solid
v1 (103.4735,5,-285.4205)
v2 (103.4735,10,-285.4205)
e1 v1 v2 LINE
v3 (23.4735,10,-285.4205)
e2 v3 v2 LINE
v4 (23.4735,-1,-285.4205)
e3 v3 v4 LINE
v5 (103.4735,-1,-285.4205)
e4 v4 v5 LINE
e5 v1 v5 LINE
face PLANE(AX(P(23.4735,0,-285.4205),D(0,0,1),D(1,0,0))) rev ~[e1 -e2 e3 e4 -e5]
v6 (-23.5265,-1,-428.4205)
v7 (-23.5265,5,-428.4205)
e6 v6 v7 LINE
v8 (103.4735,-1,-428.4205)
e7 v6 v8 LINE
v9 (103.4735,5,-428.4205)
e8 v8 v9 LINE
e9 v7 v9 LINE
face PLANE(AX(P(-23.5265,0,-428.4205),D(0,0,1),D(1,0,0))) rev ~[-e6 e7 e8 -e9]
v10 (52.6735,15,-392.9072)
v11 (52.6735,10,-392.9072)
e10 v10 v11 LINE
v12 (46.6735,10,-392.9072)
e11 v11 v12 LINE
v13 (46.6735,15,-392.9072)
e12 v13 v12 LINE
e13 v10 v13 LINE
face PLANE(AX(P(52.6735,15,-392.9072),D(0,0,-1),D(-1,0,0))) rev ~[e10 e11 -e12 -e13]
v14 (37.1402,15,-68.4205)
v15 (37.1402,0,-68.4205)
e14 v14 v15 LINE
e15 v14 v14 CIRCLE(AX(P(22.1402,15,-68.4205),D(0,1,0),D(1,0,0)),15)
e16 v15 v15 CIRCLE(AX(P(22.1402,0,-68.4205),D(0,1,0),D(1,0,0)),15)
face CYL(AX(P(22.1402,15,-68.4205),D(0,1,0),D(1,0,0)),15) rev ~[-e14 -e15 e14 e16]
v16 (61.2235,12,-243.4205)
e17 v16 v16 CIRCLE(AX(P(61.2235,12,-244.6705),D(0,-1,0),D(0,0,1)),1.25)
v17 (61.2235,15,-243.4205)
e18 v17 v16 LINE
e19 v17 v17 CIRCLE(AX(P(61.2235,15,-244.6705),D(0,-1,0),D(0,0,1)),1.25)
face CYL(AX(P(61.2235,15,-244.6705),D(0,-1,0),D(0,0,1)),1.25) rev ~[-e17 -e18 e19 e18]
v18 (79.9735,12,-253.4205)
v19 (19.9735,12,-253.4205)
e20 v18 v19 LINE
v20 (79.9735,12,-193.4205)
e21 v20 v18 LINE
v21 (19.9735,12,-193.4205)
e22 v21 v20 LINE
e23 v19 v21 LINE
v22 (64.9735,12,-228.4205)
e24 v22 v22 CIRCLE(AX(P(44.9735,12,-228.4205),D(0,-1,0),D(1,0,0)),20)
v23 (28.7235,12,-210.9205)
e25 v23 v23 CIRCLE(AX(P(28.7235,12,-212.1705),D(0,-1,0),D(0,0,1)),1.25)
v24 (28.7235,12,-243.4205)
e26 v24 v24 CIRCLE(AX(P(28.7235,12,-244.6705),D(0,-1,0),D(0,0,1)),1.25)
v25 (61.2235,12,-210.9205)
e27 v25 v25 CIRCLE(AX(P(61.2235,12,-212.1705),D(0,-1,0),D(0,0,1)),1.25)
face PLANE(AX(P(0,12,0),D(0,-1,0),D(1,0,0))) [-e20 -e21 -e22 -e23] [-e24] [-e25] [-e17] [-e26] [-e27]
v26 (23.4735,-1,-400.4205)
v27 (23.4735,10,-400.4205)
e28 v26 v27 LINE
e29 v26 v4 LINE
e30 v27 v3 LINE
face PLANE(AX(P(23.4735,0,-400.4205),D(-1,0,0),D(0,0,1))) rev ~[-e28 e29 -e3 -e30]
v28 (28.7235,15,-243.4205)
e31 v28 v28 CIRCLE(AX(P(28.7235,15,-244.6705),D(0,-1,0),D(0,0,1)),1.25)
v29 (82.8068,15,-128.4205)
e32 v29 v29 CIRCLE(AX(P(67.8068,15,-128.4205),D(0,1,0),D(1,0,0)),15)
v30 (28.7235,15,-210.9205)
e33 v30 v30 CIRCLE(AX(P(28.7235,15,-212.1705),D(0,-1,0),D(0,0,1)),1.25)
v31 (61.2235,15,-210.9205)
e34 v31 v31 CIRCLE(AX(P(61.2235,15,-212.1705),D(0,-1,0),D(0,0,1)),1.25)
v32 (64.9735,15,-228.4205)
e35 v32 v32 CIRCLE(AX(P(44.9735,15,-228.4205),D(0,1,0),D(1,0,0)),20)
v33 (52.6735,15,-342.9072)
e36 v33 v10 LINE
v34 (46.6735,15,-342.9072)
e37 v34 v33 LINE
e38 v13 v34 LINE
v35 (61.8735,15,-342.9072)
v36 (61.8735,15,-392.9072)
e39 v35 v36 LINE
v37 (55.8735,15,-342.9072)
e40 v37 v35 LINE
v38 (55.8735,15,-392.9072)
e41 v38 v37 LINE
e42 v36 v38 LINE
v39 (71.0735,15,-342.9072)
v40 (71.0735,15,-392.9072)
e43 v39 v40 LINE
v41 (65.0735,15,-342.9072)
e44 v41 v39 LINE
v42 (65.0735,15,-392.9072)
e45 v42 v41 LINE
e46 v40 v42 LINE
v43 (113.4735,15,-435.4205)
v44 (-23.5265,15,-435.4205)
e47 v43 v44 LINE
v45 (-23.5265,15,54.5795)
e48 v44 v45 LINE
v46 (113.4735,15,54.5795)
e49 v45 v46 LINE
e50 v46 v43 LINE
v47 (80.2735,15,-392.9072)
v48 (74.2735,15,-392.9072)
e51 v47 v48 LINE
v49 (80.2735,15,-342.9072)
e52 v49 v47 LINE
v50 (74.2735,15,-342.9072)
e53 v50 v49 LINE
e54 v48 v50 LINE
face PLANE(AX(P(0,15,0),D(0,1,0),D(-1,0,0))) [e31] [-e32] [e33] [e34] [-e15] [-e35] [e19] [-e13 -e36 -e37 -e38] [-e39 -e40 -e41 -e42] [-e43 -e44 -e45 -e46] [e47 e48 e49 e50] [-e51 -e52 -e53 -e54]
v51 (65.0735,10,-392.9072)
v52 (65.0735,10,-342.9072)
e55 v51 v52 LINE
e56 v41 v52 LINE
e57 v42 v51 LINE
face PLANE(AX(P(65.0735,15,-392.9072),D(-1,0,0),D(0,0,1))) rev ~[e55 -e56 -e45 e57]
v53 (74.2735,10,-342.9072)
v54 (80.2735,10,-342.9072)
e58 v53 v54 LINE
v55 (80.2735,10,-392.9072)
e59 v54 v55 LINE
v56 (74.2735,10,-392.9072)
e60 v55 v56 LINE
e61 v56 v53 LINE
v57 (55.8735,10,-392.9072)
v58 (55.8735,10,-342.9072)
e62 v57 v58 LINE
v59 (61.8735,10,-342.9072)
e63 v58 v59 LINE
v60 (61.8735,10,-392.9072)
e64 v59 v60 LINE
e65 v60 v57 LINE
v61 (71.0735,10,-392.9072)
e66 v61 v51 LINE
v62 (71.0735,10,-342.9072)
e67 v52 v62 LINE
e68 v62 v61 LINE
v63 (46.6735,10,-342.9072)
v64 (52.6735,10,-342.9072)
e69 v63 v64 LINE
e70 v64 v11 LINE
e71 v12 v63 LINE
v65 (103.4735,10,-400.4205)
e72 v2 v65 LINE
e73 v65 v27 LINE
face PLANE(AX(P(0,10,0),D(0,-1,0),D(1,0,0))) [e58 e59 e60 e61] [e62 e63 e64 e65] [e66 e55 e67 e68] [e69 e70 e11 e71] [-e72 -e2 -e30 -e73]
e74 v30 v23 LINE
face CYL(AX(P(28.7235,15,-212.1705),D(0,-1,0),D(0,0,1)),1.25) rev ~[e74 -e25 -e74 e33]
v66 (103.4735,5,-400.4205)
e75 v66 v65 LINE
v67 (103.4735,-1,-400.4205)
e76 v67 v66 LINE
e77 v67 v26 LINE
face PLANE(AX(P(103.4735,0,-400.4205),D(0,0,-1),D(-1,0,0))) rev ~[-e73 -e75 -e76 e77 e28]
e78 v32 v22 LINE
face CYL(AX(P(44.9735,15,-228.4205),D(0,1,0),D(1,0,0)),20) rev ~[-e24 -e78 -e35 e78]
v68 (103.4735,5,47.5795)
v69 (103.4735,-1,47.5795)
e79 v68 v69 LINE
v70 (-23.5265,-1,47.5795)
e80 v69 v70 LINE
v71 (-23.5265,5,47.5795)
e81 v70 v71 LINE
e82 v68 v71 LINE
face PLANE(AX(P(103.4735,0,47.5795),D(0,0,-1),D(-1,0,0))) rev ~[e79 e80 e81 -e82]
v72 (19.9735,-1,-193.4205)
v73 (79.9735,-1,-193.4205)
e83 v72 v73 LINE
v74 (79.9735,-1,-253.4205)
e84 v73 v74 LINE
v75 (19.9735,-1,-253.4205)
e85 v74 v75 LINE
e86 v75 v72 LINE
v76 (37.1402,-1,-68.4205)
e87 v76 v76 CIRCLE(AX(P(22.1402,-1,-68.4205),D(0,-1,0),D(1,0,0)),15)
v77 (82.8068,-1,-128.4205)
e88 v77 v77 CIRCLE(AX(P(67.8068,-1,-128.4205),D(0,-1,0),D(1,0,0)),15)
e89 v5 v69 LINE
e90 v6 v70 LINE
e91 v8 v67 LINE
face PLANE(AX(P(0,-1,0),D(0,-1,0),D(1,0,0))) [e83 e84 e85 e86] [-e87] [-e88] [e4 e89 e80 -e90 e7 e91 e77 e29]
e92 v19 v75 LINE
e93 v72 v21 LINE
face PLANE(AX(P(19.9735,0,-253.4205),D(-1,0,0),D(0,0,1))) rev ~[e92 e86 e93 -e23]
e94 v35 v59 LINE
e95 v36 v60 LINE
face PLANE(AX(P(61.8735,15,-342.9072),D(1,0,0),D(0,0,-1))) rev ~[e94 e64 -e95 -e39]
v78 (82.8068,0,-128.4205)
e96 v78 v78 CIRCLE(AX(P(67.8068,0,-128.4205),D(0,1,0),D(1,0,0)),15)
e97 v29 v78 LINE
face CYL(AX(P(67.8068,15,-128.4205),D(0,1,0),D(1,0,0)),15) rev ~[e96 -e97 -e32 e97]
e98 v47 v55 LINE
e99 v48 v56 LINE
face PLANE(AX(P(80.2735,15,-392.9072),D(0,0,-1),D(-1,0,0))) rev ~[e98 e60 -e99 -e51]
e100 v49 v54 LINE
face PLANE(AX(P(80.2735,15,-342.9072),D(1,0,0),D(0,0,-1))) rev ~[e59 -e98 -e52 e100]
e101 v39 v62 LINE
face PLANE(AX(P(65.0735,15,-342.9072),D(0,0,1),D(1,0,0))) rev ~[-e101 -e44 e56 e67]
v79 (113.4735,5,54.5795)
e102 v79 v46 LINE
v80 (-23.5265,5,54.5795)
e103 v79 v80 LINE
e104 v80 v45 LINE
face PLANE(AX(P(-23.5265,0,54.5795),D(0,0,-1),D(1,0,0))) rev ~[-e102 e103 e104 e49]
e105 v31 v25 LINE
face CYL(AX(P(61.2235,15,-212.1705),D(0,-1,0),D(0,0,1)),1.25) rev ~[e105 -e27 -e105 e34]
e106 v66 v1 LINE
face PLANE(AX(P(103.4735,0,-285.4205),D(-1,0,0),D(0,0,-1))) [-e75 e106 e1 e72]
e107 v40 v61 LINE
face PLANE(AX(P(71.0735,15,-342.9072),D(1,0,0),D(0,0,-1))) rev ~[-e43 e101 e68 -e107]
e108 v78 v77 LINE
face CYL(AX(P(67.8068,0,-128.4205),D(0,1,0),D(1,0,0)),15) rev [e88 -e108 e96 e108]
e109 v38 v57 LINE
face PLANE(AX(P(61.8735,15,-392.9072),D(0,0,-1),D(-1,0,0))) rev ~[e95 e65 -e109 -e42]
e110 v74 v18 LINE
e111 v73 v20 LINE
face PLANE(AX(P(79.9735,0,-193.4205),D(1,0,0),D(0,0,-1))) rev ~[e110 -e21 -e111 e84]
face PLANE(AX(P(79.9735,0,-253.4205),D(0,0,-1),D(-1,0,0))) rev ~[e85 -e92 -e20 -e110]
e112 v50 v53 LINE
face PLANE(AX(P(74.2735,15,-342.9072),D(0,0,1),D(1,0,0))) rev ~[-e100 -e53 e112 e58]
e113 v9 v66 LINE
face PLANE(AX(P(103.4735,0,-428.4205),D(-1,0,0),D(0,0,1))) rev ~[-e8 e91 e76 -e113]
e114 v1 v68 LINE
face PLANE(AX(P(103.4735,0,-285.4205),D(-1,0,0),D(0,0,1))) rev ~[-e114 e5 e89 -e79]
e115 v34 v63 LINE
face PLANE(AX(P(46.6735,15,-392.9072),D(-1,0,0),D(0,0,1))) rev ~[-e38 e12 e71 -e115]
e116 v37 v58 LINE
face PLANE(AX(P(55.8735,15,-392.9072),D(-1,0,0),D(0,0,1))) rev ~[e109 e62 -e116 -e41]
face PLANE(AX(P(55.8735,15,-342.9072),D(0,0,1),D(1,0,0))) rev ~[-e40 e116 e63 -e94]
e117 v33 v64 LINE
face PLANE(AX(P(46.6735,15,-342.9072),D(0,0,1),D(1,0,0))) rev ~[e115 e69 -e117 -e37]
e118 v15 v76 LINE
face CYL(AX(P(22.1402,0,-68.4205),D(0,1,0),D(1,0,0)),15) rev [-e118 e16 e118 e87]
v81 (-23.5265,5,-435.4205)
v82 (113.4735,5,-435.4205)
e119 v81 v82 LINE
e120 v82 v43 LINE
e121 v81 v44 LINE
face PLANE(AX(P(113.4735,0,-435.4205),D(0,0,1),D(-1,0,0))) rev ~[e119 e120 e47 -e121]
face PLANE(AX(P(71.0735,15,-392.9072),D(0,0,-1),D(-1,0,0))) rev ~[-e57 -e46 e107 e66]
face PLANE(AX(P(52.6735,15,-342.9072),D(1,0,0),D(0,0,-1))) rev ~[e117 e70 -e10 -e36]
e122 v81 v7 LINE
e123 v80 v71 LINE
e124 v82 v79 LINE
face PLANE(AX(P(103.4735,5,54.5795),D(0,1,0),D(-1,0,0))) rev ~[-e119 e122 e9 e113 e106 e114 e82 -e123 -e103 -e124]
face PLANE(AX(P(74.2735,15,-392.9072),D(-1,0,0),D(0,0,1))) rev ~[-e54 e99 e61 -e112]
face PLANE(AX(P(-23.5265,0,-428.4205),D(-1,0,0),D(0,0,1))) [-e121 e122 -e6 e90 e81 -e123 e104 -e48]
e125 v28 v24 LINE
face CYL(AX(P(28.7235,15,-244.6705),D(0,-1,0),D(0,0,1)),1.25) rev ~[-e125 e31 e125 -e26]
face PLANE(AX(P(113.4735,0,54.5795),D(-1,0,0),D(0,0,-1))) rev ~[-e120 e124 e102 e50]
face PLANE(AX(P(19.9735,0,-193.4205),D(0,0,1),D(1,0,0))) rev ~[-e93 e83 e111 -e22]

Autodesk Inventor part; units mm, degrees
ref_plane "YZ Plane" through (0, 0, 0) normal (1, 0, 0) x (0, 1, 0)
ref_plane "XZ Plane" through (0, 0, 0) normal (0, 1, 0) x (-1, 0, 0)
ref_plane "XY Plane" through (0, 0, 0) normal (0, 0, 1) x (1, 0, 0)
sketch "Sketch1" plane through (0, 0, 0) normal (0, 1, 0) x (-1, 0, 0)
  line L0 (23.5265, 54.5795) -> (-113.4735, 54.5795)
  line L1 (-113.4735, 54.5795) -> (-113.4735, -435.4205)
  line L2 (-113.4735, -435.4205) -> (23.5265, -435.4205)
  line L3 (23.5265, -435.4205) -> (23.5265, 54.5795)
  point P0 (0, 0)
  dimension "d0" = 137
  dimension "d1" = 490
extrude "Extrusion1" add sketch "Sketch1" along normal blind 15
sketch "Sketch2" plane through (-23.5265, 0, 54.5795) normal (0, 0, 1) x (1, 0, 0)
  line L0 (137, 0) -> (0, 0) projected
  line L1 (0, 0) -> (127, 0)
  line L2 (127, 0) -> (127, 5)
  line L3 (127, 5) -> (0, 5)
  line L4 (0, 5) -> (0, 0)
  point P0 (23.5265, 0)
  dimension "d4" = 127
  dimension "d5" = 5
extrude "Extrusion2" cut sketch "Sketch2" against normal blind 7
sketch "Sketch3" plane through (113.4735, 0, -435.4205) normal (0, 0, -1) x (-1, 0, 0)
  line L0 (0, 0) -> (137, 0) projected
  line L1 (0, 0) -> (137, 0)
  line L2 (137, 0) -> (137, 5)
  line L3 (137, 5) -> (0, 5)
  line L4 (0, 5) -> (0, 0)
  point P0 (113.4735, 0)
  dimension "d8" = 137
  dimension "d9" = 5
extrude "Extrusion3" cut sketch "Sketch3" against normal blind 7
sketch "Sketch4" plane through (0, 0, 0) normal (0, -1, 0) x (1, 0, 0)
  line L0 (-23.5265, -428.4205) -> (113.4735, -428.4205) projected
  line L1 (103.4735, 47.5795) -> (-23.5265, 47.5795) projected
  line L2 (113.4735, -428.4205) -> (103.4735, -428.4205)
  line L3 (103.4735, -428.4205) -> (103.4735, 47.5795)
  line L4 (103.4735, 47.5795) -> (113.4735, 47.5795)
  line L5 (113.4735, 47.5795) -> (113.4735, -428.4205)
  point P0 (0, 0)
  point P1 (-13.5265, -428.4205)
  dimension "d12" = 10
  dimension "d13" = 476
extrude "Extrusion4" cut sketch "Sketch4" against normal blind 5
sketch "Sketch5" plane through (0, 15, 0) normal (0, 1, 0) x (1, 0, 0)
  circle A0 centre (22.1402, 68.4205) radius 15
  circle A1 centre (67.8068, 128.4205) radius 15
  circle A2 centre (44.9735, 228.4205) radius 20
  line L0 (103.4735, 428.4205) -> (-23.5265, 428.4205) projected
  line L1 (-23.5265, 435.4205) -> (-23.5265, -54.5795) projected
  point P0 (0, 0)
  point P1 (-13.5265, 428.4205)
  dimension "d16" = 40
  dimension "d17" = 200
  dimension "d18" = 68.5
  dimension "d19" = 300
  dimension "d20" = 91.3333
  dimension "d21" = 45.6667
  dimension "d22" = 360
  dimension "d23" = 30
  dimension "d24" = 30
extrude "Extrusion5" cut sketch "Sketch5" against normal blind 15
sketch "Sketch6" plane through (0, 0, 0) normal (0, -1, 0) x (1, 0, 0)
  line L0 (69.9735, -253.4205) -> (19.9735, -253.4205)
  line L1 (19.9735, -253.4205) -> (19.9735, -203.4205)
  line L2 (19.9735, -203.4205) -> (69.9735, -203.4205)
  line L3 (69.9735, -203.4205) -> (69.9735, -253.4205)
  circle A0 centre (44.9735, -228.4205) radius 20 projected
  point P0 (0, 0)
  dimension "d27" = 25
  dimension "d28" = 50
  dimension "d29" = 25
  dimension "d30" = 50
extrude "Extrusion6" cut sketch "Sketch6" against normal blind 12
sketch "Sketch7" plane through (0, 15, 0) normal (0, 1, 0) x (1, 0, 0)
  circle A0 centre (44.9735, 228.4205) radius 20 projected
  point P0 (0, 0)
  point P1 (28.7235, 212.1705)
  point P2 (28.7235, 244.6705)
  point P3 (61.2235, 244.6705)
  point P4 (61.2235, 212.1705)
  dimension "d33" = 16.25
  dimension "d34" = 16.25
  dimension "d35" = 16.25
  dimension "d36" = 16.25
  dimension "d37" = 16.25
  dimension "d38" = 16.25
  dimension "d39" = 16.25
  dimension "d40" = 16.25
hole "Hole1" at (28.7235, 15, -212.1705) at (28.7235, 15, -244.6705) at (61.2235, 15, -244.6705) at (61.2235, 15, -212.1705) direction (0, -1, 0) diameter 2.5 end through all
sketch "Sketch8" plane through (0, 0, 0) normal (0, -1, 0) x (1, 0, 0)
  circle A0 centre (61.2235, -244.6705) radius 1.25 projected
  circle A1 centre (28.7235, -212.1705) radius 1.25 projected
  circle A2 centre (28.7235, -244.6705) radius 1.25 projected
  circle A3 centre (61.2235, -212.1705) radius 1.25 projected
  line L0 (19.9735, -203.4205) -> (69.9735, -203.4205) projected
  line L1 (19.9735, -253.4205) -> (19.9735, -203.4205) projected
  line L2 (69.9735, -253.4205) -> (19.9735, -253.4205) projected
  line L3 (69.9735, -203.4205) -> (69.9735, -253.4205) projected
  circle A4 centre (44.9735, -228.4205) radius 20 projected
  line L4 (69.9735, -203.4205) -> (69.9735, -253.4205) projected
  line L5 (69.9735, -253.4205) -> (79.9735, -253.4205)
  line L6 (79.9735, -253.4205) -> (79.9735, -203.4205)
  line L7 (79.9735, -203.4205) -> (69.9735, -203.4205)
  line L8 (69.9735, -203.4205) -> (69.9735, -253.4205)
  line L9 (79.9735, -203.4205) -> (19.9735, -203.4205)
  line L10 (19.9735, -203.4205) -> (19.9735, -193.4205)
  line L11 (19.9735, -193.4205) -> (79.9735, -193.4205)
  line L12 (79.9735, -193.4205) -> (79.9735, -203.4205)
  point P0 (0, 0)
  dimension "d48" = 10
  dimension "d49" = 50
  dimension "d50" = 60
  dimension "d51" = 10
extrude "Extrusion7" cut sketch "Sketch8" against normal blind 12 contours L10 L11 L12 L7 L0 | L7 L6 L5 L3
sketch "Sketch9" plane through (0, 15, 0) normal (0, 1, 0) x (1, 0, 0)
  line L0 (43.4735, 338.4205) -> (83.4735, 338.4205)
  line L1 (83.4735, 338.4205) -> (83.4735, 398.4205)
  line L2 (83.4735, 398.4205) -> (43.4735, 398.4205)
  line L3 (43.4735, 398.4205) -> (43.4735, 338.4205)
  line L4 (103.4735, 428.4205) -> (-23.5265, 428.4205) projected
  line L5 (113.4735, -54.5795) -> (113.4735, 435.4205) projected
  line L6 (46.6735, 342.9072) -> (52.6735, 342.9072)
  line L7 (52.6735, 342.9072) -> (52.6735, 392.9072)
  line L8 (52.6735, 392.9072) -> (46.6735, 392.9072)
  line L9 (46.6735, 392.9072) -> (46.6735, 342.9072)
  line L10 (55.8735, 342.9072) -> (61.8735, 342.9072)
  line L11 (61.8735, 342.9072) -> (61.8735, 392.9072)
  line L12 (61.8735, 392.9072) -> (55.8735, 392.9072)
  line L13 (55.8735, 392.9072) -> (55.8735, 342.9072)
  line L14 (65.0735, 342.9072) -> (71.0735, 342.9072)
  line L15 (71.0735, 342.9072) -> (71.0735, 392.9072)
  line L16 (71.0735, 392.9072) -> (65.0735, 392.9072)
  line L17 (65.0735, 392.9072) -> (65.0735, 342.9072)
  line L18 (74.2735, 342.9072) -> (80.2735, 342.9072)
  line L19 (80.2735, 342.9072) -> (80.2735, 392.9072)
  line L20 (80.2735, 392.9072) -> (74.2735, 392.9072)
  line L21 (74.2735, 392.9072) -> (74.2735, 342.9072)
  point P0 (0, 0)
  point P1 (-13.5265, 428.4205)
  dimension "d54" = 60
  dimension "d55" = 40
  dimension "d56" = 30
  dimension "d57" = 30
  dimension "d58" = 50
  dimension "d59" = 50
  dimension "d60" = 6
  dimension "d61" = 6
  dimension "d62" = 6
  dimension "d63" = 6
  dimension "d64" = 3.2
  dimension "d65" = 3.2
  dimension "d66" = 3.2
  dimension "d67" = 3.2
extrude "Extrusion8" cut sketch "Sketch9" against normal blind 15 contours L9 L8 L7 L6 | L13 L12 L11 L10 | L17 L16 L15 L14 | L21 L20 L19 L18
sketch "Sketch11" plane through (0, 0, 0) normal (0, -1, 0) x (1, 0, 0)
  line L0 (103.4735, -400.4205) -> (23.4735, -400.4205)
  line L1 (23.4735, -400.4205) -> (23.4735, -285.4205)
  line L2 (23.4735, -285.4205) -> (103.4735, -285.4205)
  line L3 (103.4735, -285.4205) -> (103.4735, -400.4205)
  line L4 (113.4735, 47.5795) -> (113.4735, -435.4205) projected
  line L5 (113.4735, -435.4205) -> (-23.5265, -435.4205) projected
  point P0 (0, 0)
  point P1 (-13.5265, -435.4205)
  dimension "d70" = 80
  dimension "d71" = 115
  dimension "d72" = 10
  dimension "d73" = 35
extrude "Extrusion9" cut sketch "Sketch11" against normal blind 10
sketch "Sketch12" plane through (-23.5265, 15, 54.5795) normal (0, 0, 1) x (1, 0, 0)
  line L0 (0, 0) -> (137, 0) projected
  line L1 (137, -121) -> (137, 0) projected
  line L2 (127, -15) -> (137, -15) projected
  line L3 (127, -10) -> (127, -121) projected
  line L4 (0, -10) -> (127, -10) projected
  line L5 (127, -10) -> (127, -121) projected
  line L6 (0, -10) -> (127, -10) projected
  line L7 (137, -15) -> (137, -10) projected
  line L8 (127, -10) -> (137, -10)
  line L9 (137, -10) -> (137, -15)
  line L10 (137, -15) -> (127, -15)
  line L11 (127, -15) -> (127, -10)
  point P0 (23.5265, -15)
extrude "Extrusion10" cut sketch "Sketch12" against normal blind 7
sketch "Sketch13" plane through (0, 0, 0) normal (0, -1, 0) x (1, 0, 0)
  line L0 (23.4735, -285.4205) -> (103.4735, -285.4205) projected
  line L1 (103.4735, -285.4205) -> (103.4735, 47.5795) projected
  line L2 (103.4735, 47.5795) -> (-23.5265, 47.5795) projected
  line L3 (-23.5265, -428.4205) -> (-23.5265, 47.5795) projected
  line L4 (-23.5265, -428.4205) -> (103.4735, -428.4205) projected
  line L5 (103.4735, -428.4205) -> (103.4735, -400.4205) projected
  line L6 (103.4735, -400.4205) -> (23.4735, -400.4205) projected
  line L7 (23.4735, -400.4205) -> (23.4735, -285.4205) projected
  circle A0 centre (67.8068, -128.4205) radius 15 projected
  circle A1 centre (22.1402, -68.4205) radius 15 projected
  line L8 (19.9735, -253.4205) -> (19.9735, -193.4205) projected
  line L9 (19.9735, -193.4205) -> (79.9735, -193.4205) projected
  line L10 (79.9735, -193.4205) -> (79.9735, -253.4205) projected
  line L11 (79.9735, -253.4205) -> (19.9735, -253.4205) projected
  line L12 (-23.5265, -435.4205) -> (-23.5265, -428.4205) projected
  line L13 (103.4735, -285.4205) -> (103.4735, 47.5795) projected
  line L14 (-23.5265, -428.4205) -> (103.4735, -428.4205)
  line L15 (103.4735, -428.4205) -> (103.4735, 47.5795)
  line L16 (103.4735, 47.5795) -> (-23.5265, 47.5795)
  line L17 (-23.5265, 47.5795) -> (-23.5265, -428.4205)
  point P0 (0, 0)
extrude "Extrusion11" add sketch "Sketch13" along normal blind 1 contours L7 L6 L5 L4 L3 L2 L1 L0
properties part number "Arcade_ControlTop"
